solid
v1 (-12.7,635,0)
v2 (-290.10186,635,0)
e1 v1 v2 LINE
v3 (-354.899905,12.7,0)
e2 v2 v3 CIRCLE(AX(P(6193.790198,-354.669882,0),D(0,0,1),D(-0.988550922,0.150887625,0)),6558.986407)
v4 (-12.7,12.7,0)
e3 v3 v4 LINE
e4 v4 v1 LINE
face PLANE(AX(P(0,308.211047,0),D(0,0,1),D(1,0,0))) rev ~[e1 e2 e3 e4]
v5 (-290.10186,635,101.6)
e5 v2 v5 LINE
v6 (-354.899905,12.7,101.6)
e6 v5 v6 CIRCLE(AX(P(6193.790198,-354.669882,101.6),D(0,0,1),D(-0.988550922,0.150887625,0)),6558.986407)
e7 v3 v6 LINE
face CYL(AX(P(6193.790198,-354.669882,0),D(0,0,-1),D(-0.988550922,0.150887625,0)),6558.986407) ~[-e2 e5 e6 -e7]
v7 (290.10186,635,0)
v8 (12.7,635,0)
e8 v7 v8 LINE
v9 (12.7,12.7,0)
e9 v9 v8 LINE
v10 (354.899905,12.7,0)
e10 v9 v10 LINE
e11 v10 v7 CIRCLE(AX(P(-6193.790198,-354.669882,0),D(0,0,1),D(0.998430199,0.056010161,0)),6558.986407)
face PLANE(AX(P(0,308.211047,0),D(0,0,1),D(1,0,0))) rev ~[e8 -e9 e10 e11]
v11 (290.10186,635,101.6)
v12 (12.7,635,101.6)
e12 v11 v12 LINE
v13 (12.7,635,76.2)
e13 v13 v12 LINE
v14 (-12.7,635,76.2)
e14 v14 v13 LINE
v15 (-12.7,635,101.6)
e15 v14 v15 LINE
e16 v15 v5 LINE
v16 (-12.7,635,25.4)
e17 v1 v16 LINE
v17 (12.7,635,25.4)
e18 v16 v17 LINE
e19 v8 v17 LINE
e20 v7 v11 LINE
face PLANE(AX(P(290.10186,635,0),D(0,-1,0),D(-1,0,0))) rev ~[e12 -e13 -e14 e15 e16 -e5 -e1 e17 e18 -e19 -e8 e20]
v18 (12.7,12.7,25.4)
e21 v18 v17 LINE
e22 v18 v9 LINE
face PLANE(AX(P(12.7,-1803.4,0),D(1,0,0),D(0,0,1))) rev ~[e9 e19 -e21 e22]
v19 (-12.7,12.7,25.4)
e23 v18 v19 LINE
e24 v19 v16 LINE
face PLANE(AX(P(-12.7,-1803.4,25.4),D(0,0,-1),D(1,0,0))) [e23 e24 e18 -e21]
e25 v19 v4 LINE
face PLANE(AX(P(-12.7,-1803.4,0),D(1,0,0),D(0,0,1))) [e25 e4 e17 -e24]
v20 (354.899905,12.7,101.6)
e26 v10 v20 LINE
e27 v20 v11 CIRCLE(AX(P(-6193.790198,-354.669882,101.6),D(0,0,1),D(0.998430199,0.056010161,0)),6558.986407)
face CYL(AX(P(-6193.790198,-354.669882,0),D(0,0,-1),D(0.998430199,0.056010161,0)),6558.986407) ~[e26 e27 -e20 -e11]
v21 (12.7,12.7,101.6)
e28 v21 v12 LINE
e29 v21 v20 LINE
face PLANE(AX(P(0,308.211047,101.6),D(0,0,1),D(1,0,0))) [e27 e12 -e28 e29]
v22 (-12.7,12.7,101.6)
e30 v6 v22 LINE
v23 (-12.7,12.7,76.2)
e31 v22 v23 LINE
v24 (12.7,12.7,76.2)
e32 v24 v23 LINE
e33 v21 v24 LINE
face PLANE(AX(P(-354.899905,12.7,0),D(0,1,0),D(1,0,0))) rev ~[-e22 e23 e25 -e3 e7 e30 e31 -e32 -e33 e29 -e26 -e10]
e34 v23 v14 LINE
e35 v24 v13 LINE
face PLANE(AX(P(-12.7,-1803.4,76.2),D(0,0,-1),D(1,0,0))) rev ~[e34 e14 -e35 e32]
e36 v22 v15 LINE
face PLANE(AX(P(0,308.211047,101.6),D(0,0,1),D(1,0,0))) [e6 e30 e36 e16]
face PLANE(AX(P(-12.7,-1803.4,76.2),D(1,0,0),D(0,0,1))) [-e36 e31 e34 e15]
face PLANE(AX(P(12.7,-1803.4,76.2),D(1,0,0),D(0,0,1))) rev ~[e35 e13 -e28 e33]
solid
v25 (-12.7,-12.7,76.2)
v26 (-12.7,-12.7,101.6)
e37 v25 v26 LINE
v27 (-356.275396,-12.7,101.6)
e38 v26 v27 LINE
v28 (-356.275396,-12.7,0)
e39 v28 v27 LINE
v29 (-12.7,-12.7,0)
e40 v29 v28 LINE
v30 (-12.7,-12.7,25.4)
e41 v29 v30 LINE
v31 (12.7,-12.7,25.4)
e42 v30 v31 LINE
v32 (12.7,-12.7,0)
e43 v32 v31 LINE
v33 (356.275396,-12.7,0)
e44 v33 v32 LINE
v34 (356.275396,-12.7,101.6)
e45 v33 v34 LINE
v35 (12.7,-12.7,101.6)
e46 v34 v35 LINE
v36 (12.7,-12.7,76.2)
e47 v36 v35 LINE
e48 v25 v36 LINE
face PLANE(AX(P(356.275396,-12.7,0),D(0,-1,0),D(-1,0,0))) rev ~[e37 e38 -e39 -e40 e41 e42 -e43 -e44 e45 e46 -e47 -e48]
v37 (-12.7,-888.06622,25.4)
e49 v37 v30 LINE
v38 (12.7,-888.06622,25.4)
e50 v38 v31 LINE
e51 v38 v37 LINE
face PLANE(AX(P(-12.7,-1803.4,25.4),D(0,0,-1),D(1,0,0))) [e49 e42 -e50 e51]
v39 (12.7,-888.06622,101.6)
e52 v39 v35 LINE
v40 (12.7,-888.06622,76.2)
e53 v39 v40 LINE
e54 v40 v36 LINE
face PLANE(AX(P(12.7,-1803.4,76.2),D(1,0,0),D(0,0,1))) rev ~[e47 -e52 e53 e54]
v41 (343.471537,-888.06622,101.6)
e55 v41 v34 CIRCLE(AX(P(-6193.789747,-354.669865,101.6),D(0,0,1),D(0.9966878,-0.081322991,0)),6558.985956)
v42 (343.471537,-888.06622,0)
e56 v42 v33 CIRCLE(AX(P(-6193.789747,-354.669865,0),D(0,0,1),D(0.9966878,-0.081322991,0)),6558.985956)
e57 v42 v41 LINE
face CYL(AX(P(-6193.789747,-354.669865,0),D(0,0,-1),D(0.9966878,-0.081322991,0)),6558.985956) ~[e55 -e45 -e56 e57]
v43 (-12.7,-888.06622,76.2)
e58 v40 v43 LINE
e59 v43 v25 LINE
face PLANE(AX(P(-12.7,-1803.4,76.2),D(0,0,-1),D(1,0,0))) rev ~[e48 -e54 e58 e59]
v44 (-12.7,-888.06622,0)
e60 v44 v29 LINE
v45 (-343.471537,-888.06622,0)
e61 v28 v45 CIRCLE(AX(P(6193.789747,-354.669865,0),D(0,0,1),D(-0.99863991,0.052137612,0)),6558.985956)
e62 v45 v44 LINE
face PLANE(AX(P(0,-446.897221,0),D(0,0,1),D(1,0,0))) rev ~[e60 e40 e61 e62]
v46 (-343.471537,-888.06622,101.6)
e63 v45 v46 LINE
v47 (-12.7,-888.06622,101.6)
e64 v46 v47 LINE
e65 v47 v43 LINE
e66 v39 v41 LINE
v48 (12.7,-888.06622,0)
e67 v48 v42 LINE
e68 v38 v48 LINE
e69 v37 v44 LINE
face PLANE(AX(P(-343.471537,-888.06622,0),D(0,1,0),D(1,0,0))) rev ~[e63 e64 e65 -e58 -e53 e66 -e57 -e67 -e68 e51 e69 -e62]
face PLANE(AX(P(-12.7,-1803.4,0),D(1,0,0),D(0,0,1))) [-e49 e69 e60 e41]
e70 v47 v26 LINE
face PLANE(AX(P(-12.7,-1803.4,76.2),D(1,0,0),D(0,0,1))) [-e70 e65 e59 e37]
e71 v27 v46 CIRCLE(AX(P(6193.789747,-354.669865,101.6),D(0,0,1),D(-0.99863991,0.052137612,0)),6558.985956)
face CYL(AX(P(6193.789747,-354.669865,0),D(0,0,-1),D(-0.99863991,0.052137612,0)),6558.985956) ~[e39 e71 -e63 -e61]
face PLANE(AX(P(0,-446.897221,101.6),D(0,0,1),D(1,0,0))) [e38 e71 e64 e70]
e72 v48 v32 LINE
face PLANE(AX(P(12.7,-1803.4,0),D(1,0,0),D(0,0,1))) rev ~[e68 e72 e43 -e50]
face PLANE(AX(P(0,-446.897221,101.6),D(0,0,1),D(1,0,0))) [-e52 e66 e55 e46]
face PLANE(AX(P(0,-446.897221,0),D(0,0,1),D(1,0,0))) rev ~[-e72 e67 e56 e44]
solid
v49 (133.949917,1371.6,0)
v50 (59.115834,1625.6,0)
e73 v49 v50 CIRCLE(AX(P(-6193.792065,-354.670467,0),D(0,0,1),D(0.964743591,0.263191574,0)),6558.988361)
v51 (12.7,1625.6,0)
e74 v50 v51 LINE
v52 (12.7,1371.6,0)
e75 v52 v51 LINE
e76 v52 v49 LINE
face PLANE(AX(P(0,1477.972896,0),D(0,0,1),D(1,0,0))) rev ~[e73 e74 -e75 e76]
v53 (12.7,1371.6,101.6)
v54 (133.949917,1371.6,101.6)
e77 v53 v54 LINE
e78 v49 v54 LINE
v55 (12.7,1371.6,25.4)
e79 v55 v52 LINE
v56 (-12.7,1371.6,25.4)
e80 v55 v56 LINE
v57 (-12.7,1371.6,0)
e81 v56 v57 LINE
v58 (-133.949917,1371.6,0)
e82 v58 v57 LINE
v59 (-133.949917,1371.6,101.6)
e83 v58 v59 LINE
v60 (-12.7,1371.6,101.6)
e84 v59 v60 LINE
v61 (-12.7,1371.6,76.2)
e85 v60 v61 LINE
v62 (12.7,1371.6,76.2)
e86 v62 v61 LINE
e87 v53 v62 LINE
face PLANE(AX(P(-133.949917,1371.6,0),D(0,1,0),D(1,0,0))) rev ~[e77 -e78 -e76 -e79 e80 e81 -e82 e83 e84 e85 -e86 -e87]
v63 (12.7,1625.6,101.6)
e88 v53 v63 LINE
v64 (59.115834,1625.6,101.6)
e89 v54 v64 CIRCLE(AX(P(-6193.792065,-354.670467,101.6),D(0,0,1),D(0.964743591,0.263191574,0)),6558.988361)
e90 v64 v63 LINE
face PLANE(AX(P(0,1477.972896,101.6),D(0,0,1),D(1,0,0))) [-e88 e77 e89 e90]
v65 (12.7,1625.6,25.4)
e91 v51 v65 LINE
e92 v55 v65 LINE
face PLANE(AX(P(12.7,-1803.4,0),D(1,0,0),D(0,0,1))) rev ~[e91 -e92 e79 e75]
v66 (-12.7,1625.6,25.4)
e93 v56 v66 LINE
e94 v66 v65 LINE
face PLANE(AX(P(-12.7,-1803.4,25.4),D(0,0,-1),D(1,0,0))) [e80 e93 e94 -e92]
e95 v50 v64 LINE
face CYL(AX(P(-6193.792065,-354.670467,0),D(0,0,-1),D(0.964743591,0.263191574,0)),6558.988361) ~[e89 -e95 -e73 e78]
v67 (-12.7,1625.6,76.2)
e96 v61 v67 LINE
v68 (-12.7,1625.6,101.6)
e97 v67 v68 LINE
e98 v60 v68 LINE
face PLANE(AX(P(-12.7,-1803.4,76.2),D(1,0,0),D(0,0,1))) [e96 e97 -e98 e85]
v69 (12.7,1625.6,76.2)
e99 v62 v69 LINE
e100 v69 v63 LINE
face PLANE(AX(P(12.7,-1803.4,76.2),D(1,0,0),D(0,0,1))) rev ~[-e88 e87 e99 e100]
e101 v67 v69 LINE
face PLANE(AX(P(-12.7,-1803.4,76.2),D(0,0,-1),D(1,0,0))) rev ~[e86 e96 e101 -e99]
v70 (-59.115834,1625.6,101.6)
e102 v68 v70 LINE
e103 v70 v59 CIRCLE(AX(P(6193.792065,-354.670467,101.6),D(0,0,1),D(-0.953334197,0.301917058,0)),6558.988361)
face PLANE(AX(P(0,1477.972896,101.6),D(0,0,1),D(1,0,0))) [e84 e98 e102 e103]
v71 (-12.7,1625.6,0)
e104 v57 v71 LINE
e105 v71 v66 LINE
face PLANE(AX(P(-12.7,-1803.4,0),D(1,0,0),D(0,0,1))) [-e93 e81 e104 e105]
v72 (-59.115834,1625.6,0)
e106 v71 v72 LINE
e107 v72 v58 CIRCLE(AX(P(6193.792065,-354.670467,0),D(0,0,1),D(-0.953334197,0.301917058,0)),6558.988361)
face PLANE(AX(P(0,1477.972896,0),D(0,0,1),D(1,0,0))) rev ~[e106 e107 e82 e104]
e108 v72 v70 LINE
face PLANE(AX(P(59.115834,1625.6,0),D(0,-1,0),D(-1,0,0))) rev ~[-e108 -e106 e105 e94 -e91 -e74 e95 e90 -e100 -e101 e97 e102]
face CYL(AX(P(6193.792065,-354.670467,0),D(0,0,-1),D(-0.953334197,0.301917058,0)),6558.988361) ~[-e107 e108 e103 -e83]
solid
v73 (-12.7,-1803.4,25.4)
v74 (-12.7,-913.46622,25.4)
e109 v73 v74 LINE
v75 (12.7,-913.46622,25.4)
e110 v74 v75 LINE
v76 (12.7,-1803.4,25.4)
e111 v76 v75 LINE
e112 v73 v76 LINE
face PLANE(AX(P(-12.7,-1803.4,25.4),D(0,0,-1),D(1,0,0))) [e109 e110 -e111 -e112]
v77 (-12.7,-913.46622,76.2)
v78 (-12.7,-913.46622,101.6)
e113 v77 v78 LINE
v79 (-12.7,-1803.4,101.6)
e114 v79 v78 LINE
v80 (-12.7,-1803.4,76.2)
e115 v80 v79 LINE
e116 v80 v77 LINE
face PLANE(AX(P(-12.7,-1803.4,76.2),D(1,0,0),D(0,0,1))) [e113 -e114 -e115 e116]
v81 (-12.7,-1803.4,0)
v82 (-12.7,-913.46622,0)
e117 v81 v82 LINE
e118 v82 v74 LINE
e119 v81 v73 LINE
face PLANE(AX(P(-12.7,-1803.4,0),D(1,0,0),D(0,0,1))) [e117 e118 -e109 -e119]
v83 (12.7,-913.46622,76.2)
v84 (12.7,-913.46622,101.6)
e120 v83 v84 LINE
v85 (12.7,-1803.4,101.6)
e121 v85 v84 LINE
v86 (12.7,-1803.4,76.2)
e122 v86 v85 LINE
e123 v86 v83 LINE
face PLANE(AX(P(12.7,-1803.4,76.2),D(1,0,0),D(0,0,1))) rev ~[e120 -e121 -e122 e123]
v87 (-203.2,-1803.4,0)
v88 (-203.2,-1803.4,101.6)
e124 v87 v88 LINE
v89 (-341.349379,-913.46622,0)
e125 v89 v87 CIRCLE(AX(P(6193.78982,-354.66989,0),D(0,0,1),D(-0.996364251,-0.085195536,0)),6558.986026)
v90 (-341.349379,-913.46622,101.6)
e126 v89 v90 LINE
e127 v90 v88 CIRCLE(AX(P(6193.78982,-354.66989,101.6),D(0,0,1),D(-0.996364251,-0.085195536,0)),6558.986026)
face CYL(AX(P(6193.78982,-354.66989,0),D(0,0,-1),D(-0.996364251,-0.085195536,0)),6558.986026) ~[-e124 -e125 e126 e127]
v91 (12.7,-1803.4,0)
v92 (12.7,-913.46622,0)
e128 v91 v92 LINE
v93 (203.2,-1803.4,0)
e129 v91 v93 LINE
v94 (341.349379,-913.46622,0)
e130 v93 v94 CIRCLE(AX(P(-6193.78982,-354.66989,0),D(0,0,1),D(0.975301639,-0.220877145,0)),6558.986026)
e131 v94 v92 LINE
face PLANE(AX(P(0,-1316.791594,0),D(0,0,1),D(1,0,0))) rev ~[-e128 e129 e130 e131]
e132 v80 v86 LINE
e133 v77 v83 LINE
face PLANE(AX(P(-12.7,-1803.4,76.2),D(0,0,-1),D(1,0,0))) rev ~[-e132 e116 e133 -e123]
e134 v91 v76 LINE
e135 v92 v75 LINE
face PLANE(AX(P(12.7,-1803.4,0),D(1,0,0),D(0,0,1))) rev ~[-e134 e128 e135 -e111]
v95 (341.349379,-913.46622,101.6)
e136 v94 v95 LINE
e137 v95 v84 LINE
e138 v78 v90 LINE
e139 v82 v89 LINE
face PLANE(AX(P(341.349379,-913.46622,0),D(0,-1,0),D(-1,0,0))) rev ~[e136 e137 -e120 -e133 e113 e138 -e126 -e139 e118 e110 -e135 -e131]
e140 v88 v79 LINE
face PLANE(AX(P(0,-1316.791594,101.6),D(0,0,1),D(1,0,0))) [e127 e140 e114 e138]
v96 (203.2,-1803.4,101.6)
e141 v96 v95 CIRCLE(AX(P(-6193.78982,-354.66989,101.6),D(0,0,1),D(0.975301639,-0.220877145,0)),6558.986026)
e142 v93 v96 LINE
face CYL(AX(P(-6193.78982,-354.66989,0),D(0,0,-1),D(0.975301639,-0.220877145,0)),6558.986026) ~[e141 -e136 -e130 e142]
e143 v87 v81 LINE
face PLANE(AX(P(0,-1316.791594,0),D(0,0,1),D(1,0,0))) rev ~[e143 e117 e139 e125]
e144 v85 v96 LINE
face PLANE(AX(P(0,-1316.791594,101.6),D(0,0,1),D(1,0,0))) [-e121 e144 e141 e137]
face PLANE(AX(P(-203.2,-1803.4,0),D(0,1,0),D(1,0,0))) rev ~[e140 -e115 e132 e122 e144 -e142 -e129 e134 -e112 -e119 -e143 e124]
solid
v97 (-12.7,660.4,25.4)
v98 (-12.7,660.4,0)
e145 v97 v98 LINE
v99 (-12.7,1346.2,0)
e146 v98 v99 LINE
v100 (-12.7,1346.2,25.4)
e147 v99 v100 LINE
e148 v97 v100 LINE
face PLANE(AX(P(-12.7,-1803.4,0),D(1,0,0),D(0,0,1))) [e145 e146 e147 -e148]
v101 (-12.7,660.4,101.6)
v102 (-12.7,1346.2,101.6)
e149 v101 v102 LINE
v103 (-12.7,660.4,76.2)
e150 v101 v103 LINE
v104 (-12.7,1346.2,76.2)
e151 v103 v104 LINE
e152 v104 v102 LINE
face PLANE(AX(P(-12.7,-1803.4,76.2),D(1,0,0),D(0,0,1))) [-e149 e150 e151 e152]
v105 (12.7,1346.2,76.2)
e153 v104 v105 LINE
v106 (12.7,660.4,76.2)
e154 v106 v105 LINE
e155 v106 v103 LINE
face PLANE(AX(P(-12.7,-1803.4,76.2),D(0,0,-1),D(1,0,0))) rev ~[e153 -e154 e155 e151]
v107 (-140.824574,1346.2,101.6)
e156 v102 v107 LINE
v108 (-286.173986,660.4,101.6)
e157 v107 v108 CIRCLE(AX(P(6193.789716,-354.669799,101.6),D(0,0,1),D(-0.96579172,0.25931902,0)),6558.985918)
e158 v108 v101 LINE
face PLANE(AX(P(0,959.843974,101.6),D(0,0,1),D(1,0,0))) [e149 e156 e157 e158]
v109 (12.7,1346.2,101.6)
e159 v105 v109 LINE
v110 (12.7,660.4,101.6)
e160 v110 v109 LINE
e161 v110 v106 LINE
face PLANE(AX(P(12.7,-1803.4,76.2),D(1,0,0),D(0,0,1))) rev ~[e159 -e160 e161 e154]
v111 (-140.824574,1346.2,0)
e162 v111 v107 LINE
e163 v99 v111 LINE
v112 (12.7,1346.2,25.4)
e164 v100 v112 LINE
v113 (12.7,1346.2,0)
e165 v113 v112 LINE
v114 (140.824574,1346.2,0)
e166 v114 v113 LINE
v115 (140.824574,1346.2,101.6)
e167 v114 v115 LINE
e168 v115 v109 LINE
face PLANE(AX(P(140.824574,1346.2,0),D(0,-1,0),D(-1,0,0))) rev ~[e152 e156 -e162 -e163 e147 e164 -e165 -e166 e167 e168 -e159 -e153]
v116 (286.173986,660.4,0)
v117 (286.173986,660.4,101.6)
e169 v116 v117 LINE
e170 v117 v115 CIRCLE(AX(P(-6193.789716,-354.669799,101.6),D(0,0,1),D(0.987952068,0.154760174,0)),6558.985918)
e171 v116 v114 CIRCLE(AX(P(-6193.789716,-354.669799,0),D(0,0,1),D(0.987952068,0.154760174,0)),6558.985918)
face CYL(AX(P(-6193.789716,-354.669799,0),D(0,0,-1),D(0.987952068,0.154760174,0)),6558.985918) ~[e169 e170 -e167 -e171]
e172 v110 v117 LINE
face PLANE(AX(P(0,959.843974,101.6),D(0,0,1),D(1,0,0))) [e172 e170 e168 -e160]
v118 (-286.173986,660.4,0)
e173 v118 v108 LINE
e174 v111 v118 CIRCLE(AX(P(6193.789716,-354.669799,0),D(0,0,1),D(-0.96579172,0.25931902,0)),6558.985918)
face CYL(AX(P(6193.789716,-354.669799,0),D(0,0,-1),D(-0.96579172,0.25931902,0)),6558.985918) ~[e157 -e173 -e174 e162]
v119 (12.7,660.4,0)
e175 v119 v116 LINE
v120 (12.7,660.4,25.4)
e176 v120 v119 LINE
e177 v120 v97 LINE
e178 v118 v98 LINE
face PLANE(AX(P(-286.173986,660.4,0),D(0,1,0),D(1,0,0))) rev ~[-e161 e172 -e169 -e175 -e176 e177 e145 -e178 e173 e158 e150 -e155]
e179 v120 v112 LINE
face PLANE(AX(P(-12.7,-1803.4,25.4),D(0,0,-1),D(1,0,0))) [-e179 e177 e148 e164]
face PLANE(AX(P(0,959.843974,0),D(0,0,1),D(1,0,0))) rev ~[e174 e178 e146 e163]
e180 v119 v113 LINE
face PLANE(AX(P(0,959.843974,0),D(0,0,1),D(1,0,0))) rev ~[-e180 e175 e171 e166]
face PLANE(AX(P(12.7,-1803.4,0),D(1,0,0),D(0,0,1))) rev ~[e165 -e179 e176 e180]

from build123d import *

# Parameters (mm, degrees)
F1_DEPTH = 101.6
F2_W     = 25.4
F2_H     = 25.4
F3_DEPTH = 3657.6


with BuildPart() as f1:
    # F0 (on Top) → F1 (new body)
    with BuildSketch(Plane.XY):
        with BuildLine():
            Line((-203.2, -1803.4), (0, -1803.4))
            Line((0, -1803.4), (203.2, -1803.4))
            ThreePointArc((203.2, -1803.4), (287.566965, -1360.807015), (341.349379, -913.46622))
            Line((341.349379, -913.46622), (0, -913.46622))
            Line((0, -913.46622), (-341.349379, -913.46622))
            ThreePointArc((-341.349379, -913.46622), (-287.566965, -1360.807015), (-203.2, -1803.4))
        make_face()
        with BuildLine():
            Line((0, 1625.6), (-59.115834, 1625.6))
            ThreePointArc((-59.115834, 1625.6), (-97.814793, 1498.977682), (-133.949917, 1371.6))
            Line((-133.949917, 1371.6), (0, 1371.6))
            Line((0, 1371.6), (133.949917, 1371.6))
            ThreePointArc((133.949917, 1371.6), (97.814793, 1498.977682), (59.115834, 1625.6))
            Line((59.115834, 1625.6), (0, 1625.6))
        make_face()
        with BuildLine():
            ThreePointArc((-290.10186, 635), (-329.92529, 324.623079), (-354.899905, 12.7))
            Line((-354.899905, 12.7), (0, 12.7))
            Line((0, 12.7), (354.899905, 12.7))
            ThreePointArc((354.899905, 12.7), (329.92529, 324.623079), (290.10186, 635))
            Line((290.10186, 635), (0, 635))
            Line((0, 635), (-290.10186, 635))
        make_face()
        with BuildLine():
            Line((0, -12.7), (-356.275396, -12.7))
            ThreePointArc((-356.275396, -12.7), (-364.49469, -450.596972), (-343.471537, -888.06622))
            Line((-343.471537, -888.06622), (0, -888.06622))
            Line((0, -888.06622), (343.471537, -888.06622))
            ThreePointArc((343.471537, -888.06622), (364.49469, -450.596972), (356.275396, -12.7))
            Line((356.275396, -12.7), (0, -12.7))
        make_face()
        with BuildLine():
            Line((0, 1346.2), (-140.824574, 1346.2))
            ThreePointArc((-140.824574, 1346.2), (-222.668239, 1005.243282), (-286.173986, 660.4))
            Line((-286.173986, 660.4), (0, 660.4))
            Line((0, 660.4), (286.173986, 660.4))
            ThreePointArc((286.173986, 660.4), (222.668239, 1005.243282), (140.824574, 1346.2))
            Line((140.824574, 1346.2), (0, 1346.2))
        make_face()
    extrude(amount=F1_DEPTH)

    # F2 (on face) → F3 (cut)
    with BuildSketch(Plane.XZ.offset(1803.4)):
        with Locations((0, 88.9)):
            Rectangle(F2_W, F2_H)
        with Locations((0, 12.7)):
            Rectangle(F2_W, F2_H)
    extrude(amount=-F3_DEPTH, mode=Mode.SUBTRACT)


solid = f1.part
